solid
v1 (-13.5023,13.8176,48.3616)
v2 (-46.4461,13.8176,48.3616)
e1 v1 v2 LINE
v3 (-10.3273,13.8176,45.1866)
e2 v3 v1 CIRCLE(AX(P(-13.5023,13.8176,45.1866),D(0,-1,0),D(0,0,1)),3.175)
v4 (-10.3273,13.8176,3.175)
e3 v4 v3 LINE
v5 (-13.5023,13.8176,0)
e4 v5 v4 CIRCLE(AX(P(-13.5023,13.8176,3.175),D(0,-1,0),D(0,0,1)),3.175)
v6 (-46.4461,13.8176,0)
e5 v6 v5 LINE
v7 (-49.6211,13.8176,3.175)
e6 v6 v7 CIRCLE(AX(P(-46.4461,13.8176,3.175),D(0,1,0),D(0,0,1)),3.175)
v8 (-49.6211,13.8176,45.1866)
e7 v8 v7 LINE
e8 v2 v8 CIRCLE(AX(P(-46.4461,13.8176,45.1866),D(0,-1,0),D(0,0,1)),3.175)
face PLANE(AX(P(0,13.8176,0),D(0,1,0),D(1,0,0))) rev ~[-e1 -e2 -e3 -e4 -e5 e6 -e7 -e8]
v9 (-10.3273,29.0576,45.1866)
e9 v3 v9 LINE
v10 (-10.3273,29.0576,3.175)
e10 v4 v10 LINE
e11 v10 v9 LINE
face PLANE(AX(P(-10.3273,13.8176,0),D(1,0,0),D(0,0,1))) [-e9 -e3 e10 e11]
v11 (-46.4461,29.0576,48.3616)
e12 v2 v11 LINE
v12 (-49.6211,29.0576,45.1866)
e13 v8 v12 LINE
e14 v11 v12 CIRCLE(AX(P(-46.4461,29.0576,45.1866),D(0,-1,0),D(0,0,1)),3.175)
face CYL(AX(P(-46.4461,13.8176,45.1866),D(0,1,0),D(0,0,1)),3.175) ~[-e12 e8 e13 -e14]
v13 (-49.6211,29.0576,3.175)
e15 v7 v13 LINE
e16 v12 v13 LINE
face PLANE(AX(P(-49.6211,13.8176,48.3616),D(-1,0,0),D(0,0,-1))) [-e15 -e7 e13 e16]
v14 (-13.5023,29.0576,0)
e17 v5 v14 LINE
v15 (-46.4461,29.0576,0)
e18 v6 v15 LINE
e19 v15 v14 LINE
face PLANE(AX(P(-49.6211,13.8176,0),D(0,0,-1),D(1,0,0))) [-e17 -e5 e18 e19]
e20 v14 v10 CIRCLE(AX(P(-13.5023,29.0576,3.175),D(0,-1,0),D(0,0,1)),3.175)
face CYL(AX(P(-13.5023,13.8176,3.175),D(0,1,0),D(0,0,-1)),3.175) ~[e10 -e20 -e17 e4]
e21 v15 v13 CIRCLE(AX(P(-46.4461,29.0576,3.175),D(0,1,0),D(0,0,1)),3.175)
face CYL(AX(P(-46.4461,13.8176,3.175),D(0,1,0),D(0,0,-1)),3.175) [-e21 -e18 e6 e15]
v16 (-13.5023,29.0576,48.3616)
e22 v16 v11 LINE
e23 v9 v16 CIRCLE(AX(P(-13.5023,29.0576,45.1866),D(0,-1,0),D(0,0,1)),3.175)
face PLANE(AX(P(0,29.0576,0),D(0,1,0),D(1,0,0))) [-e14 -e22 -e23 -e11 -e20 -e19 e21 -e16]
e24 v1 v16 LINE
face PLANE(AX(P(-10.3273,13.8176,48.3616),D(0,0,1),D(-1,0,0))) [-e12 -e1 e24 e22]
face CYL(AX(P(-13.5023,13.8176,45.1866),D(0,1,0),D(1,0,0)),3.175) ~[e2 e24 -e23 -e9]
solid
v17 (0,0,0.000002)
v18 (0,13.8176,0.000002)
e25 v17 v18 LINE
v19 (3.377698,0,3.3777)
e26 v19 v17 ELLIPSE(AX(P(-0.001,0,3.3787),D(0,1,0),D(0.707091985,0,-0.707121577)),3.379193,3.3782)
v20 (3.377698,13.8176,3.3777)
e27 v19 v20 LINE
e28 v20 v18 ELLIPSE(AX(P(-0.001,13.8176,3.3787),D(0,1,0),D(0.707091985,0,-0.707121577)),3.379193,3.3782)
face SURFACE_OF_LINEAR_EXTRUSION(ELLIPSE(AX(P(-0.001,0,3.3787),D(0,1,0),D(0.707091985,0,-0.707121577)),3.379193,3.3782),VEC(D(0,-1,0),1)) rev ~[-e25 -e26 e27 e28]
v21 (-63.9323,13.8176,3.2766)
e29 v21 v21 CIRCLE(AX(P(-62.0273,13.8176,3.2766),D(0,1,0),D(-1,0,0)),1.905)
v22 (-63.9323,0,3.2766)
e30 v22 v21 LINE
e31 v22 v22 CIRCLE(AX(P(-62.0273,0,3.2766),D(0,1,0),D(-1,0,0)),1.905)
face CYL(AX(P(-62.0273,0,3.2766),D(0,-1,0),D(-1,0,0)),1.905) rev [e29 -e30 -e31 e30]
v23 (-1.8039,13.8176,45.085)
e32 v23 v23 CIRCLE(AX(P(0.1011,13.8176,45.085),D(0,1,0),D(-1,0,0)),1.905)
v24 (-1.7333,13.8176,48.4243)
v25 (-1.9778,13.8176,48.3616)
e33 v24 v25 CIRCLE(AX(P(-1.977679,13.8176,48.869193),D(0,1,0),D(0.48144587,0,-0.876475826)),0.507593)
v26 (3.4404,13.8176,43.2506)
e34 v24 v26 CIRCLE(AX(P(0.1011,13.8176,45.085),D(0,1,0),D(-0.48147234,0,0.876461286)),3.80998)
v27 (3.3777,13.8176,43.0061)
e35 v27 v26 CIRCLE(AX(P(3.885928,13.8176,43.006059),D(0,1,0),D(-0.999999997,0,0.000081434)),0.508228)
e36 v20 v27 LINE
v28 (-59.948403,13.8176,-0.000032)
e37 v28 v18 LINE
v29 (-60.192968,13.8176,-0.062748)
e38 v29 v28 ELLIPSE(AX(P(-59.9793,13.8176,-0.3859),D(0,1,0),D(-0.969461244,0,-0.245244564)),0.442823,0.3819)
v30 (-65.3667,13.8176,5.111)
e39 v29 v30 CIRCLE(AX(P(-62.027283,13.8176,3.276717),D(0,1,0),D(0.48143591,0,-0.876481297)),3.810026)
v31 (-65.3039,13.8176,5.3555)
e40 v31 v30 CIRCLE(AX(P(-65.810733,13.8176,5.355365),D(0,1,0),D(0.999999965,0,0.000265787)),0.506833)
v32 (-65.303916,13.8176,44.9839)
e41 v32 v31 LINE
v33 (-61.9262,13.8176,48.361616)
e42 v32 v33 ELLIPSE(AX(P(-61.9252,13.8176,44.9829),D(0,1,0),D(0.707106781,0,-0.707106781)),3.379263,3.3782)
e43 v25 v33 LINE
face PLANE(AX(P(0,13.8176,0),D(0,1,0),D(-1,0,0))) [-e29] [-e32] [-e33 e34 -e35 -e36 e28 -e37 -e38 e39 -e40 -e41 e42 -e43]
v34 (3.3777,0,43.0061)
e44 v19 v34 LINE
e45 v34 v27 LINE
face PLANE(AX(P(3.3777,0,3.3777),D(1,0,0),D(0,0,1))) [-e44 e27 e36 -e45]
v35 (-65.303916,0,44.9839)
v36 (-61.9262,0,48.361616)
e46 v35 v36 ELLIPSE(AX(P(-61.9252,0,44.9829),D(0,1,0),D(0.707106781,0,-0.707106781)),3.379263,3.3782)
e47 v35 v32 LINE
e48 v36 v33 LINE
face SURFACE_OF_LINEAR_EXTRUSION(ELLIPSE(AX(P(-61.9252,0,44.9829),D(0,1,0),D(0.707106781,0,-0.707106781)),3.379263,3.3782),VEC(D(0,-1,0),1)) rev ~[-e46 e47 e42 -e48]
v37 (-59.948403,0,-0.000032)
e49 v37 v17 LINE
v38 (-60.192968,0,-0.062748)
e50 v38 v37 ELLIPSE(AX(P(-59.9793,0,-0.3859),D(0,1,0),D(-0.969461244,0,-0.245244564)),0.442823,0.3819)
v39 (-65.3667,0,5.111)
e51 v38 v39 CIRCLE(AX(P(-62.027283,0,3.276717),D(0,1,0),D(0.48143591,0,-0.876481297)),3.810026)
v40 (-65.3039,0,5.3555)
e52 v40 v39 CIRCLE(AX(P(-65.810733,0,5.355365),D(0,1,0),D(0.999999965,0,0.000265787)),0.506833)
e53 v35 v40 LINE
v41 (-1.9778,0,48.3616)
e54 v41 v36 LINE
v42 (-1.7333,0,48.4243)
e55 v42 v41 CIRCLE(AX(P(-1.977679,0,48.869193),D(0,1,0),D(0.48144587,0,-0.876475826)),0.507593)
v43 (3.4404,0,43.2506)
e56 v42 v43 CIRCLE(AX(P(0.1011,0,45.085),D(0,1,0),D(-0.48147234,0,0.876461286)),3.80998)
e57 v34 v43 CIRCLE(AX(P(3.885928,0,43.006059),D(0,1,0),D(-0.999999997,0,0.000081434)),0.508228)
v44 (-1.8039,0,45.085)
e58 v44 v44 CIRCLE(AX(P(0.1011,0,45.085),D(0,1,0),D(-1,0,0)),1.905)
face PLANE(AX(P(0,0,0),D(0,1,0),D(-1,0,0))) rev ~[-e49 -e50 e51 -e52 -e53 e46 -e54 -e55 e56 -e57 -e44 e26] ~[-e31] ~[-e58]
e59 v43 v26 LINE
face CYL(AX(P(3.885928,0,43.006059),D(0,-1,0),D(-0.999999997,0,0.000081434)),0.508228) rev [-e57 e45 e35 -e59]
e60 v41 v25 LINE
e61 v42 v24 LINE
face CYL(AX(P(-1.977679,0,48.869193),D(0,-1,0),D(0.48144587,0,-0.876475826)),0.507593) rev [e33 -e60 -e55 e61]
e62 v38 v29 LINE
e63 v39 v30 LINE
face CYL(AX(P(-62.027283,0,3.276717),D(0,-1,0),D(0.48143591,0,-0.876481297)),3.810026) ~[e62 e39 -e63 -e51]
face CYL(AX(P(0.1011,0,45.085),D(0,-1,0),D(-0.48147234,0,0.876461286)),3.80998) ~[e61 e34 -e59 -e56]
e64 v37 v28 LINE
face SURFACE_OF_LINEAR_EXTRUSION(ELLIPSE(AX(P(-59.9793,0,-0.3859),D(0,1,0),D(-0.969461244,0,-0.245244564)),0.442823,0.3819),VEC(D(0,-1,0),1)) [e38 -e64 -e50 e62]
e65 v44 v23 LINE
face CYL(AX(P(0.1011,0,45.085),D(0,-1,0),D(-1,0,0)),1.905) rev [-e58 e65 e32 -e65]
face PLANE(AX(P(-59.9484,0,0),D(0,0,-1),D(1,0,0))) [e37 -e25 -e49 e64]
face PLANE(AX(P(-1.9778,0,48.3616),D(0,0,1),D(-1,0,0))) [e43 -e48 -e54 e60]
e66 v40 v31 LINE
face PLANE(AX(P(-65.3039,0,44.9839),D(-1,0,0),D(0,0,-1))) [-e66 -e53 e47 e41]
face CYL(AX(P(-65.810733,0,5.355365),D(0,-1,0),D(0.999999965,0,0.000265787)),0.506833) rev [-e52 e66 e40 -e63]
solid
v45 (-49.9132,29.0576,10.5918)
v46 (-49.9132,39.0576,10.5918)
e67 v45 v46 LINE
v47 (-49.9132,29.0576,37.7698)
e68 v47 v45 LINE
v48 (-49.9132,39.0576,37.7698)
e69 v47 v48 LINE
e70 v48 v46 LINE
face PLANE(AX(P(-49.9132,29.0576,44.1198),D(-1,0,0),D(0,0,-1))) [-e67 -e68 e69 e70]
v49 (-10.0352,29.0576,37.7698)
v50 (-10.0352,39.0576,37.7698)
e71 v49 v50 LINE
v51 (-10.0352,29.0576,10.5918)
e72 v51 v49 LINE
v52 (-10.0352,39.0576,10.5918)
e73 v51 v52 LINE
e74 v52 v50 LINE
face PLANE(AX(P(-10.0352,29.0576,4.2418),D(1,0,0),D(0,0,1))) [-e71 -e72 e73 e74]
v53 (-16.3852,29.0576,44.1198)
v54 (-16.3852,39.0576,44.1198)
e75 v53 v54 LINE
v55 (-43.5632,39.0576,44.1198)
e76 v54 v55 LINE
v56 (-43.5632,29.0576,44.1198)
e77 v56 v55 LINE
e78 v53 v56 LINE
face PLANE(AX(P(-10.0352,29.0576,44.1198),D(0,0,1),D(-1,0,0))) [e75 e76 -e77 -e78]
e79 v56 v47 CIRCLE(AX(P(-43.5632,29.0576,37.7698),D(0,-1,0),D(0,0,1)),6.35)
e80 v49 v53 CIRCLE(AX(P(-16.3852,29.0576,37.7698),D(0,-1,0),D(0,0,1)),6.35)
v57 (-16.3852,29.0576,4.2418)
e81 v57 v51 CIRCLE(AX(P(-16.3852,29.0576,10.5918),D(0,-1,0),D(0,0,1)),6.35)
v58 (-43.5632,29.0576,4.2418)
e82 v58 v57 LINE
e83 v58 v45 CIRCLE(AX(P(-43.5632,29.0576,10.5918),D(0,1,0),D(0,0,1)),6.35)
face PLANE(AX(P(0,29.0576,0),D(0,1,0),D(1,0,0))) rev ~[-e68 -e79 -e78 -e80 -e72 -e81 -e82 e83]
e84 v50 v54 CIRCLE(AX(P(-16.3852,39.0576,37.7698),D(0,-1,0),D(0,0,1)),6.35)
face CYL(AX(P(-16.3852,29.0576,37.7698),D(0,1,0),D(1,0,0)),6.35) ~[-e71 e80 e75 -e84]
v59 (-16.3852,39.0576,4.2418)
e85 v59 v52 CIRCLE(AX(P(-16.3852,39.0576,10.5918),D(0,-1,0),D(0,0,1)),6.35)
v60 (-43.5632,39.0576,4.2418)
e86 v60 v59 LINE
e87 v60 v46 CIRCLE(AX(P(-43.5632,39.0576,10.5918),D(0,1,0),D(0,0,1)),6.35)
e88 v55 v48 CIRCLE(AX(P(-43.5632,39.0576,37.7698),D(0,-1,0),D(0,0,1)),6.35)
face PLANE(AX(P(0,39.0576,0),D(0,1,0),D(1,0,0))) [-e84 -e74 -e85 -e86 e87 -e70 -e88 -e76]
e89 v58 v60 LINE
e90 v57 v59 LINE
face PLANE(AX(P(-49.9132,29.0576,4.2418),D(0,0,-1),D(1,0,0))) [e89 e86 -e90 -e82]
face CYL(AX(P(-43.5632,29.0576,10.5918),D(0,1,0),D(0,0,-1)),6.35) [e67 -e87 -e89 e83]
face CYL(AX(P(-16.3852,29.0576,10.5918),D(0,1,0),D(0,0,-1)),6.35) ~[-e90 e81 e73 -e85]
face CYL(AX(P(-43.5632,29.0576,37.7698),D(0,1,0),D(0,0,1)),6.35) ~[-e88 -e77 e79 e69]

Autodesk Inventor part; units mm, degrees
ref_plane "YZ Plane" through (0, 0, 0) normal (1, 0, 0) x (0, 1, 0)
ref_plane "XZ Plane" through (0, 0, 0) normal (0, 1, 0) x (-1, 0, 0)
ref_plane "XY Plane" through (0, 0, 0) normal (0, 0, 1) x (1, 0, 0)
sketch "Sketch2" plane through (0, 0, 0) normal (0, 1, 0) x (-1, 0, 0)
  line L0 (-3.3777, 3.3777) -> (-3.3777, 43.0061)
  ellipse E0 centre (0.001, 3.3787) end of major axis (-2.3884, 0.9892) minor radius 3.3782 (-3.3777, 3.3777) -> (0, 0) ccw
  line L1 (59.9484, 0) -> (0, 0)
  ellipse E1 centre (59.9793, -0.3859) end of major axis (60.4086, -0.4945) minor radius 0.3819 (60.193, -0.0627) -> (59.9484, 0) ccw
  arc A0 (60.193, -0.0627) -> (65.3667, 5.111) centre (62.0273, 3.2766) ccw
  arc A1 (65.3039, 5.3555) -> (65.3667, 5.111) centre (65.8118, 5.3555) ccw
  line L2 (65.3039, 44.9839) -> (65.3039, 5.3555)
  ellipse E2 centre (61.9252, 44.9829) end of major axis (59.5357, 42.5934) minor radius 3.3782 (65.3039, 44.9839) -> (61.9262, 48.3616) ccw
  line L3 (1.9778, 48.3616) -> (61.9262, 48.3616)
  arc A2 (1.7333, 48.4243) -> (1.9778, 48.3616) centre (1.9778, 48.8695) ccw
  arc A3 (1.7333, 48.4243) -> (-3.4404, 43.2506) centre (-0.1011, 45.085) ccw
  arc A4 (-3.3777, 43.0061) -> (-3.4404, 43.2506) centre (-3.8856, 43.0061) ccw
  arc A5 (-0.0268, 47.0408) -> (-2.0588, 45.0088) centre (-0.0268, 45.0088) ccw
  line L4 (59.9191, 47.0408) -> (-0.0268, 47.0408) construction
  arc A6 (63.9831, 42.9768) -> (59.9191, 47.0408) centre (59.9191, 42.9768) ccw construction
  line L5 (63.9831, 3.3528) -> (63.9831, 42.9768) construction
  arc A7 (61.9511, 1.3208) -> (63.9831, 3.3528) centre (61.9511, 3.3528) ccw
  line L6 (2.0052, 1.3208) -> (61.9511, 1.3208) construction
  arc A8 (-2.0588, 5.3848) -> (2.0052, 1.3208) centre (2.0052, 5.3848) ccw construction
  line L7 (-2.0588, 45.0088) -> (-2.0588, 5.3848) construction
  circle A9 centre (-0.1011, 45.085) radius 1.905
  circle A10 centre (62.0273, 3.2766) radius 1.905
extrude "Extrusion1" add sketch "Sketch2" along normal blind 13.8176
sketch "Sketch3" plane through (0, 13.8176, 0) normal (0, 1, 0) x (1, 0, 0)
  line L0 (0, 0) -> (-59.9484, 0) construction
  line L1 (-61.9262, -48.3616) -> (-1.9778, -48.3616) construction
  line L2 (-49.6211, 0) -> (-10.3273, 0)
  line L3 (-10.3273, 0) -> (-10.3273, -48.3616)
  line L4 (-10.3273, -48.3616) -> (-49.6211, -48.3616)
  line L5 (-49.6211, -48.3616) -> (-49.6211, 0)
  point P0 (-29.9742, 0)
  dimension "d2" = 39.2938
extrude "Extrusion2" add sketch "Sketch3" along normal blind 15.24 separate body
fillet "Fillet1" radius 3.175 4 edges at (-49.6211, 21.4376, 0) (-10.3273, 21.4376, 0) (-10.3273, 21.4376, 48.3616) (-49.6211, 21.4376, 48.3616)
sketch "Sketch4" plane through (0, 29.0576, 0) normal (0, 1, 0) x (1, 0, 0)
  line L0 (-13.5023, 0) -> (-46.4461, 0) construction
  line L1 (-49.6211, -3.175) -> (-49.6211, -45.1866) construction
  line L2 (-49.9132, -4.2418) -> (-10.0352, -4.2418)
  line L3 (-10.0352, -4.2418) -> (-10.0352, -44.1198)
  line L4 (-10.0352, -44.1198) -> (-49.9132, -44.1198)
  line L5 (-49.9132, -44.1198) -> (-49.9132, -4.2418)
  point P0 (0, 0)
  point P1 (-29.9742, -4.2418)
  point P2 (-29.9742, 0)
  point P3 (-49.9132, -24.1808)
  point P4 (-49.6211, -24.1808)
  dimension "d7" = 39.878
  dimension "d8" = 39.878
extrude "Extrusion3" add sketch "Sketch4" along normal blind 10 separate body
fillet "Fillet2" radius 6.35 4 edges at (-49.9132, 34.0576, 44.1198) (-10.0352, 34.0576, 44.1198) (-10.0352, 34.0576, 4.2418) (-49.9132, 34.0576, 4.2418)
properties part number "Talon Controller" material "Nylon 6/6"
